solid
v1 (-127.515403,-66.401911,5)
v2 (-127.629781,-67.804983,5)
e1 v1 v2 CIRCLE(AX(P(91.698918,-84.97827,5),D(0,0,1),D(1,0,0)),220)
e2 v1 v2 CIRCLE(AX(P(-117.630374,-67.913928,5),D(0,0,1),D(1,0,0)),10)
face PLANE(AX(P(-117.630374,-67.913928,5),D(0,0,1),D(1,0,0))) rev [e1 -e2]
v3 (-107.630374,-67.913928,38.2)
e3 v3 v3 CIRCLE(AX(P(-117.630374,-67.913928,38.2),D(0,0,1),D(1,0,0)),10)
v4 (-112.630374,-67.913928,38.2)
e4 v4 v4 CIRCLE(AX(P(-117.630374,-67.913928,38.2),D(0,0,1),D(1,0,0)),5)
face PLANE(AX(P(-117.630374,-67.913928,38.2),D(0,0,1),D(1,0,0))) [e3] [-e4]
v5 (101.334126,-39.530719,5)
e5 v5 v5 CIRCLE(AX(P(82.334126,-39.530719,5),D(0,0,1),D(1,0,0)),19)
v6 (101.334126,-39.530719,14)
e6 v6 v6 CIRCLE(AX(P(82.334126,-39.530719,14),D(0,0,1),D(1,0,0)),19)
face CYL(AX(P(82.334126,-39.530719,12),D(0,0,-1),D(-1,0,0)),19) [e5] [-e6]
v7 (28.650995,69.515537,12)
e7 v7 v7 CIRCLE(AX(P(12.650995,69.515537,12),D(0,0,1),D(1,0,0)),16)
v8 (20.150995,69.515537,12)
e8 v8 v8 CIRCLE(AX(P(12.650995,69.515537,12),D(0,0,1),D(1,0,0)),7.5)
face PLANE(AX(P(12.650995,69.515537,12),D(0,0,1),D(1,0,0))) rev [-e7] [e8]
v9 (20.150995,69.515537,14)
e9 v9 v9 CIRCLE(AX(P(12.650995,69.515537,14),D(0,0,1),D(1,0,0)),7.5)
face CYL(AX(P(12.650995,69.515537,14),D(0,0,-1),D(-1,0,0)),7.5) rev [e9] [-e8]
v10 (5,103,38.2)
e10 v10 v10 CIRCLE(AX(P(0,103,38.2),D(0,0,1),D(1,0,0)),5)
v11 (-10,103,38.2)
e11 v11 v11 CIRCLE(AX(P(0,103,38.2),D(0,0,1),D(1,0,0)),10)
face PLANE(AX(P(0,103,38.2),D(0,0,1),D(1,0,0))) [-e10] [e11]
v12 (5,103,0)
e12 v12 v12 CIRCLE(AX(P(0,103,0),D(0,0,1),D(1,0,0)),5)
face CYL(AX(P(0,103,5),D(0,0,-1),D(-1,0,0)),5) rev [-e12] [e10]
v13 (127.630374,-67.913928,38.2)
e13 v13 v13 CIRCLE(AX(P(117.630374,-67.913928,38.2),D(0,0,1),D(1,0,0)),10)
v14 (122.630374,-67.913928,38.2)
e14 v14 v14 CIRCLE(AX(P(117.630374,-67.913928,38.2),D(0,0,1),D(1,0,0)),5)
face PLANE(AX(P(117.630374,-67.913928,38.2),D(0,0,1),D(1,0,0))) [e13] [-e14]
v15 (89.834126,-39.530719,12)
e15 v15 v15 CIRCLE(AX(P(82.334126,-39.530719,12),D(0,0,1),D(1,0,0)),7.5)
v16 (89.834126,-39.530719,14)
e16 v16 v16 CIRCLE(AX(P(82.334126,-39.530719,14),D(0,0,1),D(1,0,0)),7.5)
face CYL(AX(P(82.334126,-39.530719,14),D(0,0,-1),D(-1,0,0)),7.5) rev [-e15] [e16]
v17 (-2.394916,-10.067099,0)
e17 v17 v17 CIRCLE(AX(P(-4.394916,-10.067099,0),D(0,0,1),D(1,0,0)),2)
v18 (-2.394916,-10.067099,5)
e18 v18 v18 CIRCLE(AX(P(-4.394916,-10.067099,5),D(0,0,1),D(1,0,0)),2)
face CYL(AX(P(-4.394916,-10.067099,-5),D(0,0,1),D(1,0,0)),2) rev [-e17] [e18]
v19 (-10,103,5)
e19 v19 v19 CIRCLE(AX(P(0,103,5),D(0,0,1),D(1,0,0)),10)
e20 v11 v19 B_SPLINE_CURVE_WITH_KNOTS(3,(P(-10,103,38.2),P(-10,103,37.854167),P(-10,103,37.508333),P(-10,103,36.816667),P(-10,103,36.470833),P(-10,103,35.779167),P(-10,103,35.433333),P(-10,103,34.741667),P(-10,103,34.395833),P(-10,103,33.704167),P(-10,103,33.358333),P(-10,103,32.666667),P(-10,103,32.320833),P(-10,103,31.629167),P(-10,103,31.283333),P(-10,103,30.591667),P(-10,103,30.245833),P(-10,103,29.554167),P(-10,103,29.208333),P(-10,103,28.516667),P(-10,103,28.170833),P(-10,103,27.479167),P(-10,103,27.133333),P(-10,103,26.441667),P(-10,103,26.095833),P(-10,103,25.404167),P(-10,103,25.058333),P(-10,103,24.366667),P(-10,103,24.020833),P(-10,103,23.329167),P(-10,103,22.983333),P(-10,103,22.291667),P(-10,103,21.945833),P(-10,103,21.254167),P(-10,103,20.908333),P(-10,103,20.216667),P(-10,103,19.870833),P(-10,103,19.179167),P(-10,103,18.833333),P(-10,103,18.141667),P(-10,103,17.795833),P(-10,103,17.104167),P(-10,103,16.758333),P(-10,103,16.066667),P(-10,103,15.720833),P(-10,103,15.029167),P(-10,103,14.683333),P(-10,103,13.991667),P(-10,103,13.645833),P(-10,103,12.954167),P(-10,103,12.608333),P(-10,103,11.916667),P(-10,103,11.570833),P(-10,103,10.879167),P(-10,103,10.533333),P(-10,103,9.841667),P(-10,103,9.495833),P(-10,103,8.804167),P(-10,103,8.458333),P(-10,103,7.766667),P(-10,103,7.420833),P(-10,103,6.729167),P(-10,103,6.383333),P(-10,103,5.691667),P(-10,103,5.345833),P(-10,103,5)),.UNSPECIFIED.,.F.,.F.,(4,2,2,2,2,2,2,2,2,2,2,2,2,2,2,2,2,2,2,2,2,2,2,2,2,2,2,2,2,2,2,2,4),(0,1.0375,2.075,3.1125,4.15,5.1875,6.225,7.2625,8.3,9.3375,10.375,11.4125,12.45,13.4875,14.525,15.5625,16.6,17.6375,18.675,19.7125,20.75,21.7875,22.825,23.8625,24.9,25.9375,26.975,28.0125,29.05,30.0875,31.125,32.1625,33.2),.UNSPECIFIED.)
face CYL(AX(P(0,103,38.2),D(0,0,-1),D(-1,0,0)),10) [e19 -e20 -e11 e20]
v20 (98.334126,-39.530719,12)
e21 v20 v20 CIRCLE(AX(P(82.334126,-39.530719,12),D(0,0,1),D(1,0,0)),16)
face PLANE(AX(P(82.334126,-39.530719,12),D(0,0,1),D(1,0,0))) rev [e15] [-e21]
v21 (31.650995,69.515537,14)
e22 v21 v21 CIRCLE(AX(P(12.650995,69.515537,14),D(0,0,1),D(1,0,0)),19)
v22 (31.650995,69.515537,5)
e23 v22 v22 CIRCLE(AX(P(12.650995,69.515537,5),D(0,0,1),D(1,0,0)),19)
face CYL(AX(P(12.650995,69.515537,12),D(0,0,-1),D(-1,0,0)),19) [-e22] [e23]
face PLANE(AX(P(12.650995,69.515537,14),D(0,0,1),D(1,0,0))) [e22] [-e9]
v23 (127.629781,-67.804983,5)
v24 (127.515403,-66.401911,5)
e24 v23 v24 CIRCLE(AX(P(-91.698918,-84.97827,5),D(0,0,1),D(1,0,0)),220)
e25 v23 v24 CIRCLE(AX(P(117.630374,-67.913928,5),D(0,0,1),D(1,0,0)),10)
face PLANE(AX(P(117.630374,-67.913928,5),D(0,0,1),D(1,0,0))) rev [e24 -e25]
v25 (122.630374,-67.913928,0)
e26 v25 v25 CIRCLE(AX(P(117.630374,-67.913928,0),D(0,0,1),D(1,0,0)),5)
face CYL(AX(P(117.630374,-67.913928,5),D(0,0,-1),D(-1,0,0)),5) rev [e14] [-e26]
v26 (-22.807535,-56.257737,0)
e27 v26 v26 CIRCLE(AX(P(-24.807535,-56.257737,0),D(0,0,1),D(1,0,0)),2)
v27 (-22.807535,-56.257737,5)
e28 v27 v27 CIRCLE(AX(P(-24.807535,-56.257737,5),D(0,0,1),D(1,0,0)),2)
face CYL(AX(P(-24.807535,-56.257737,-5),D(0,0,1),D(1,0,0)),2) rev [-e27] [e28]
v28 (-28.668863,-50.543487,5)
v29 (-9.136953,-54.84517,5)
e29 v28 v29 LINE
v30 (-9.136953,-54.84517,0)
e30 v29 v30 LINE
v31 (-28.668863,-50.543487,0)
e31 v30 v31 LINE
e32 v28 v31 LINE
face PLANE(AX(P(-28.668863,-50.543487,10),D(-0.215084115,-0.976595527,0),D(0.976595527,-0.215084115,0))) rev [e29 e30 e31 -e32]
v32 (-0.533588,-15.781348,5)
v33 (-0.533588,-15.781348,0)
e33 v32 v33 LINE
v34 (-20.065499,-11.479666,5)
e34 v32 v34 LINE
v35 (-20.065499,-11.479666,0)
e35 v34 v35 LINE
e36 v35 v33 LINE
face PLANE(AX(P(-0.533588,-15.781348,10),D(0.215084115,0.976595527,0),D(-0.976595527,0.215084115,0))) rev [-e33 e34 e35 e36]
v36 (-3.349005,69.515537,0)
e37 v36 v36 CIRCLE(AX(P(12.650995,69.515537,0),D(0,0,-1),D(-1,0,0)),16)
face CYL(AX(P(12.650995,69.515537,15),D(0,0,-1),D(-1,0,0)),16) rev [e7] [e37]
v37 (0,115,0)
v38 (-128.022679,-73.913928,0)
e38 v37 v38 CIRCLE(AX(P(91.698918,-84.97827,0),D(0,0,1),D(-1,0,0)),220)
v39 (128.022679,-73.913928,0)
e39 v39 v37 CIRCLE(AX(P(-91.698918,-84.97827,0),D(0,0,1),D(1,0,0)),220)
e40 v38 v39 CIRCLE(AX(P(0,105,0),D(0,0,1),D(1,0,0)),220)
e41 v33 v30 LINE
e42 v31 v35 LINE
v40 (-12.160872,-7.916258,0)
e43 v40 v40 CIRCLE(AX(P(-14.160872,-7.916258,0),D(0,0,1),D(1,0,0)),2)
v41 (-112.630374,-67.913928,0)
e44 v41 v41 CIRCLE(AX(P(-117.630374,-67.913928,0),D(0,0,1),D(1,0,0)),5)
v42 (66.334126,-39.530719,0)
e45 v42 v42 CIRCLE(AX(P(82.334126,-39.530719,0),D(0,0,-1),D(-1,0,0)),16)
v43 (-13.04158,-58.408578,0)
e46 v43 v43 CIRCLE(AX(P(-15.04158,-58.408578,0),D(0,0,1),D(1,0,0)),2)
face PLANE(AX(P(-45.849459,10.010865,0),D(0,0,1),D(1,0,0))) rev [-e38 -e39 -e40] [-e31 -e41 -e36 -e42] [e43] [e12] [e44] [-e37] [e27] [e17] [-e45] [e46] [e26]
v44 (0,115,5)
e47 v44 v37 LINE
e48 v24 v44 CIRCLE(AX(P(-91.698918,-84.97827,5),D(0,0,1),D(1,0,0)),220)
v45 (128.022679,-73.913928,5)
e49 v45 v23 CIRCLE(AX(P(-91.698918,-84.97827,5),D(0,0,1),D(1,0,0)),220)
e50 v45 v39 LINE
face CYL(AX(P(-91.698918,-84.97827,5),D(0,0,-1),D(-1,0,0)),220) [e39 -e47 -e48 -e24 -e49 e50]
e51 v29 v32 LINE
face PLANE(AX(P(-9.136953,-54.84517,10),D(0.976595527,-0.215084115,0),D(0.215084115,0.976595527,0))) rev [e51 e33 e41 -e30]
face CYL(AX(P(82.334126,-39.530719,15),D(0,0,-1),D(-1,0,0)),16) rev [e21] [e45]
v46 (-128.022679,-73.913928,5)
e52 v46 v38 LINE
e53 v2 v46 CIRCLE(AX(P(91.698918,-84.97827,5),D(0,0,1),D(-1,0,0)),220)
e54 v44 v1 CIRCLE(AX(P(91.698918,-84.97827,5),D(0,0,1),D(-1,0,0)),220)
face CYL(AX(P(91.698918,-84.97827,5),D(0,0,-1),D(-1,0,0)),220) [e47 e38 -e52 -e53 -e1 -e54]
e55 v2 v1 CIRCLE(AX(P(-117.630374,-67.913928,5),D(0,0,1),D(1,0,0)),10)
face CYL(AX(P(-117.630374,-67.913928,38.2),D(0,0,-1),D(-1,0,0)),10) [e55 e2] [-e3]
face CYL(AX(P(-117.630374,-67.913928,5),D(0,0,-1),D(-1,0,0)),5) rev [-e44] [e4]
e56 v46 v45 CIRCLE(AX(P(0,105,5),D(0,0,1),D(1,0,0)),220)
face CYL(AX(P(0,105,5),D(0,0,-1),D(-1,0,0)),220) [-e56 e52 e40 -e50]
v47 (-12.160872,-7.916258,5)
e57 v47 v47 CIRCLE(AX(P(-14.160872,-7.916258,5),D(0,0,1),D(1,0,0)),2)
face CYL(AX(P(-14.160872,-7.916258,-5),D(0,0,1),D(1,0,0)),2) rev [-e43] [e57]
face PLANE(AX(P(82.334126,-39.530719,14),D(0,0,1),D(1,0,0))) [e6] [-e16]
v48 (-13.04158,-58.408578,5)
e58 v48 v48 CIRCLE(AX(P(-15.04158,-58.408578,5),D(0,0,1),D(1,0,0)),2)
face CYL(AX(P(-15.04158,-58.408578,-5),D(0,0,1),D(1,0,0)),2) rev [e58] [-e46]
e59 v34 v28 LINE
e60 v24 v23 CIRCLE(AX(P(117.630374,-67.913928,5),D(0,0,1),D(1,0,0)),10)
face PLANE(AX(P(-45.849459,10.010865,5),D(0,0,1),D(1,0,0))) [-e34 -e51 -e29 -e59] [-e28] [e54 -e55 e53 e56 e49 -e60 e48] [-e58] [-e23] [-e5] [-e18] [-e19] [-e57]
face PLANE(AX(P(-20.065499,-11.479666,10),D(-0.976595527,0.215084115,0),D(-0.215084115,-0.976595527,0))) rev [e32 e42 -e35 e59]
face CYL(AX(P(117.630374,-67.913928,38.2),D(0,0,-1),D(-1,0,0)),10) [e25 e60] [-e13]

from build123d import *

# Parameters (mm, degrees)
SKETCH_1_R          = 5
EXTRUDE_1_DEPTH     = 5
SKETCH_2_R          = 10
SKETCH_2_R_2        = 5
EXTRUDE_2_DEPTH     = 33.2
SKETCH_4_R          = 16
CUT_EXTRUDE_2_DEPTH = 15
SKETCH_7_R          = 19
SKETCH_7_R_2        = 16
EXTRUDE_3_DEPTH     = 7
SKETCH_8_R          = 19
SKETCH_8_R_2        = 7.5
EXTRUDE_4_DEPTH     = 2
CUT_EXTRUDE_3_DEPTH = 10
SKETCH_10_R         = 2
CUT_EXTRUDE_4_DEPTH = 10


with BuildPart() as part:
    # 草图1 → 凸台-拉伸1 (new body)
    with BuildSketch(Plane.XY):
        with BuildLine():
            ThreePointArc((-128.022678922, -73.913928138), (-90.421378279, 38.440519474), (0, 115))
            ThreePointArc((0, 115), (90.421378279, 38.440519474), (128.022678922, -73.913928138))
            ThreePointArc((128.022678922, -73.913928138), (0, -115), (-128.022678922, -73.913928138))
        make_face()
        with Locations((0, 103)):
            Circle(SKETCH_1_R, mode=Mode.SUBTRACT)
        with Locations((-117.630374076, -67.913928138)):
            Circle(SKETCH_1_R, mode=Mode.SUBTRACT)
        with Locations((117.630374076, -67.913928138)):
            Circle(SKETCH_1_R, mode=Mode.SUBTRACT)
    extrude(amount=EXTRUDE_1_DEPTH)

    # 草图2 → 凸台-拉伸2 (add)
    # profile 1 of 3: a face of its own
    with BuildSketch(Plane.XY.offset(5)):
        with Locations(Location((0, 103, 0), (0, 0, 180))):
            Circle(SKETCH_2_R)
        with Locations((0, 103)):
            Circle(SKETCH_2_R_2, mode=Mode.SUBTRACT)
    # profile 2 of 3: a face of its own
    with BuildSketch(Plane.XY.offset(5)):
        with Locations(Location((-117.630374076, -67.913928138, 0), (0, 0, 179.375778052))):
            Circle(SKETCH_2_R)
        with Locations((-117.630374076, -67.913928138)):
            Circle(SKETCH_2_R_2, mode=Mode.SUBTRACT)
    # profile 3 of 3: a face of its own
    with BuildSketch(Plane.XY.offset(5)):
        with Locations(Location((117.630374076, -67.913928138, 0), (0, 0, 8.696571879))):
            Circle(SKETCH_2_R)
        with Locations((117.630374076, -67.913928138)):
            Circle(SKETCH_2_R_2, mode=Mode.SUBTRACT)
    extrude(amount=EXTRUDE_2_DEPTH)

    # 草图4 → 切除-拉伸2 (cut)
    with BuildSketch(Plane(origin=(0, 0, 0), x_dir=(-1, 0, 0), z_dir=(0, 0, -1))):
        with Locations((-12.650995066, 69.515536741)):
            Circle(SKETCH_4_R)
        with Locations((-82.334125615, -39.530718783)):
            Circle(SKETCH_4_R)
    extrude(amount=-CUT_EXTRUDE_2_DEPTH, mode=Mode.SUBTRACT)

    # 草图7 → 凸台-拉伸3 (add)
    # profile 1 of 2: a face of its own
    with BuildSketch(Plane.XY.offset(5)):
        with Locations((82.334125615, -39.530718783)):
            Circle(SKETCH_7_R)
        with Locations(Location((82.334125615, -39.530718783, 0), (0, 0, 180))):
            Circle(SKETCH_7_R_2, mode=Mode.SUBTRACT)
    # profile 2 of 2: a face of its own
    with BuildSketch(Plane.XY.offset(5)):
        with Locations((12.650995066, 69.515536741)):
            Circle(SKETCH_7_R)
        with Locations(Location((12.650995066, 69.515536741, 0), (0, 0, 180))):
            Circle(SKETCH_7_R_2, mode=Mode.SUBTRACT)
    extrude(amount=EXTRUDE_3_DEPTH)

    # 草图8 → 凸台-拉伸4 (add)
    # profile 1 of 2: a face of its own
    with BuildSketch(Plane.XY.offset(12)):
        with Locations((82.334125615, -39.530718783)):
            Circle(SKETCH_8_R)
        with Locations((82.334125615, -39.530718783)):
            Circle(SKETCH_8_R_2, mode=Mode.SUBTRACT)
    # profile 2 of 2: a face of its own
    with BuildSketch(Plane.XY.offset(12)):
        with Locations((12.650995066, 69.515536741)):
            Circle(SKETCH_8_R)
        with Locations((12.650995066, 69.515536741)):
            Circle(SKETCH_8_R_2, mode=Mode.SUBTRACT)
    extrude(amount=EXTRUDE_4_DEPTH)

    # 草图9 → 切除-拉伸3 (cut)
    with BuildSketch(Plane(origin=(0, 0, 0), x_dir=(-1, 0, 0), z_dir=(0, 0, -1))):
        Polygon((20.065498734, -11.479666127), (28.668863324, -50.543487212), (9.136952782, -54.845169507), (0.533588192, -15.781348422), align=None)
    extrude(amount=-CUT_EXTRUDE_3_DEPTH, mode=Mode.SUBTRACT)

    # 草图10 → 切除-拉伸4 (cut)
    with BuildSketch(Plane.XY.offset(5)):
        with Locations((-24.807535234, -56.257736539)):
            Circle(SKETCH_10_R)
        with Locations((-15.041579962, -58.408577687)):
            Circle(SKETCH_10_R)
        with Locations((-14.160871553, -7.916257947)):
            Circle(SKETCH_10_R)
        with Locations((-4.394916282, -10.067099095)):
            Circle(SKETCH_10_R)
    extrude(amount=-CUT_EXTRUDE_4_DEPTH, mode=Mode.SUBTRACT)


solid = part.part
